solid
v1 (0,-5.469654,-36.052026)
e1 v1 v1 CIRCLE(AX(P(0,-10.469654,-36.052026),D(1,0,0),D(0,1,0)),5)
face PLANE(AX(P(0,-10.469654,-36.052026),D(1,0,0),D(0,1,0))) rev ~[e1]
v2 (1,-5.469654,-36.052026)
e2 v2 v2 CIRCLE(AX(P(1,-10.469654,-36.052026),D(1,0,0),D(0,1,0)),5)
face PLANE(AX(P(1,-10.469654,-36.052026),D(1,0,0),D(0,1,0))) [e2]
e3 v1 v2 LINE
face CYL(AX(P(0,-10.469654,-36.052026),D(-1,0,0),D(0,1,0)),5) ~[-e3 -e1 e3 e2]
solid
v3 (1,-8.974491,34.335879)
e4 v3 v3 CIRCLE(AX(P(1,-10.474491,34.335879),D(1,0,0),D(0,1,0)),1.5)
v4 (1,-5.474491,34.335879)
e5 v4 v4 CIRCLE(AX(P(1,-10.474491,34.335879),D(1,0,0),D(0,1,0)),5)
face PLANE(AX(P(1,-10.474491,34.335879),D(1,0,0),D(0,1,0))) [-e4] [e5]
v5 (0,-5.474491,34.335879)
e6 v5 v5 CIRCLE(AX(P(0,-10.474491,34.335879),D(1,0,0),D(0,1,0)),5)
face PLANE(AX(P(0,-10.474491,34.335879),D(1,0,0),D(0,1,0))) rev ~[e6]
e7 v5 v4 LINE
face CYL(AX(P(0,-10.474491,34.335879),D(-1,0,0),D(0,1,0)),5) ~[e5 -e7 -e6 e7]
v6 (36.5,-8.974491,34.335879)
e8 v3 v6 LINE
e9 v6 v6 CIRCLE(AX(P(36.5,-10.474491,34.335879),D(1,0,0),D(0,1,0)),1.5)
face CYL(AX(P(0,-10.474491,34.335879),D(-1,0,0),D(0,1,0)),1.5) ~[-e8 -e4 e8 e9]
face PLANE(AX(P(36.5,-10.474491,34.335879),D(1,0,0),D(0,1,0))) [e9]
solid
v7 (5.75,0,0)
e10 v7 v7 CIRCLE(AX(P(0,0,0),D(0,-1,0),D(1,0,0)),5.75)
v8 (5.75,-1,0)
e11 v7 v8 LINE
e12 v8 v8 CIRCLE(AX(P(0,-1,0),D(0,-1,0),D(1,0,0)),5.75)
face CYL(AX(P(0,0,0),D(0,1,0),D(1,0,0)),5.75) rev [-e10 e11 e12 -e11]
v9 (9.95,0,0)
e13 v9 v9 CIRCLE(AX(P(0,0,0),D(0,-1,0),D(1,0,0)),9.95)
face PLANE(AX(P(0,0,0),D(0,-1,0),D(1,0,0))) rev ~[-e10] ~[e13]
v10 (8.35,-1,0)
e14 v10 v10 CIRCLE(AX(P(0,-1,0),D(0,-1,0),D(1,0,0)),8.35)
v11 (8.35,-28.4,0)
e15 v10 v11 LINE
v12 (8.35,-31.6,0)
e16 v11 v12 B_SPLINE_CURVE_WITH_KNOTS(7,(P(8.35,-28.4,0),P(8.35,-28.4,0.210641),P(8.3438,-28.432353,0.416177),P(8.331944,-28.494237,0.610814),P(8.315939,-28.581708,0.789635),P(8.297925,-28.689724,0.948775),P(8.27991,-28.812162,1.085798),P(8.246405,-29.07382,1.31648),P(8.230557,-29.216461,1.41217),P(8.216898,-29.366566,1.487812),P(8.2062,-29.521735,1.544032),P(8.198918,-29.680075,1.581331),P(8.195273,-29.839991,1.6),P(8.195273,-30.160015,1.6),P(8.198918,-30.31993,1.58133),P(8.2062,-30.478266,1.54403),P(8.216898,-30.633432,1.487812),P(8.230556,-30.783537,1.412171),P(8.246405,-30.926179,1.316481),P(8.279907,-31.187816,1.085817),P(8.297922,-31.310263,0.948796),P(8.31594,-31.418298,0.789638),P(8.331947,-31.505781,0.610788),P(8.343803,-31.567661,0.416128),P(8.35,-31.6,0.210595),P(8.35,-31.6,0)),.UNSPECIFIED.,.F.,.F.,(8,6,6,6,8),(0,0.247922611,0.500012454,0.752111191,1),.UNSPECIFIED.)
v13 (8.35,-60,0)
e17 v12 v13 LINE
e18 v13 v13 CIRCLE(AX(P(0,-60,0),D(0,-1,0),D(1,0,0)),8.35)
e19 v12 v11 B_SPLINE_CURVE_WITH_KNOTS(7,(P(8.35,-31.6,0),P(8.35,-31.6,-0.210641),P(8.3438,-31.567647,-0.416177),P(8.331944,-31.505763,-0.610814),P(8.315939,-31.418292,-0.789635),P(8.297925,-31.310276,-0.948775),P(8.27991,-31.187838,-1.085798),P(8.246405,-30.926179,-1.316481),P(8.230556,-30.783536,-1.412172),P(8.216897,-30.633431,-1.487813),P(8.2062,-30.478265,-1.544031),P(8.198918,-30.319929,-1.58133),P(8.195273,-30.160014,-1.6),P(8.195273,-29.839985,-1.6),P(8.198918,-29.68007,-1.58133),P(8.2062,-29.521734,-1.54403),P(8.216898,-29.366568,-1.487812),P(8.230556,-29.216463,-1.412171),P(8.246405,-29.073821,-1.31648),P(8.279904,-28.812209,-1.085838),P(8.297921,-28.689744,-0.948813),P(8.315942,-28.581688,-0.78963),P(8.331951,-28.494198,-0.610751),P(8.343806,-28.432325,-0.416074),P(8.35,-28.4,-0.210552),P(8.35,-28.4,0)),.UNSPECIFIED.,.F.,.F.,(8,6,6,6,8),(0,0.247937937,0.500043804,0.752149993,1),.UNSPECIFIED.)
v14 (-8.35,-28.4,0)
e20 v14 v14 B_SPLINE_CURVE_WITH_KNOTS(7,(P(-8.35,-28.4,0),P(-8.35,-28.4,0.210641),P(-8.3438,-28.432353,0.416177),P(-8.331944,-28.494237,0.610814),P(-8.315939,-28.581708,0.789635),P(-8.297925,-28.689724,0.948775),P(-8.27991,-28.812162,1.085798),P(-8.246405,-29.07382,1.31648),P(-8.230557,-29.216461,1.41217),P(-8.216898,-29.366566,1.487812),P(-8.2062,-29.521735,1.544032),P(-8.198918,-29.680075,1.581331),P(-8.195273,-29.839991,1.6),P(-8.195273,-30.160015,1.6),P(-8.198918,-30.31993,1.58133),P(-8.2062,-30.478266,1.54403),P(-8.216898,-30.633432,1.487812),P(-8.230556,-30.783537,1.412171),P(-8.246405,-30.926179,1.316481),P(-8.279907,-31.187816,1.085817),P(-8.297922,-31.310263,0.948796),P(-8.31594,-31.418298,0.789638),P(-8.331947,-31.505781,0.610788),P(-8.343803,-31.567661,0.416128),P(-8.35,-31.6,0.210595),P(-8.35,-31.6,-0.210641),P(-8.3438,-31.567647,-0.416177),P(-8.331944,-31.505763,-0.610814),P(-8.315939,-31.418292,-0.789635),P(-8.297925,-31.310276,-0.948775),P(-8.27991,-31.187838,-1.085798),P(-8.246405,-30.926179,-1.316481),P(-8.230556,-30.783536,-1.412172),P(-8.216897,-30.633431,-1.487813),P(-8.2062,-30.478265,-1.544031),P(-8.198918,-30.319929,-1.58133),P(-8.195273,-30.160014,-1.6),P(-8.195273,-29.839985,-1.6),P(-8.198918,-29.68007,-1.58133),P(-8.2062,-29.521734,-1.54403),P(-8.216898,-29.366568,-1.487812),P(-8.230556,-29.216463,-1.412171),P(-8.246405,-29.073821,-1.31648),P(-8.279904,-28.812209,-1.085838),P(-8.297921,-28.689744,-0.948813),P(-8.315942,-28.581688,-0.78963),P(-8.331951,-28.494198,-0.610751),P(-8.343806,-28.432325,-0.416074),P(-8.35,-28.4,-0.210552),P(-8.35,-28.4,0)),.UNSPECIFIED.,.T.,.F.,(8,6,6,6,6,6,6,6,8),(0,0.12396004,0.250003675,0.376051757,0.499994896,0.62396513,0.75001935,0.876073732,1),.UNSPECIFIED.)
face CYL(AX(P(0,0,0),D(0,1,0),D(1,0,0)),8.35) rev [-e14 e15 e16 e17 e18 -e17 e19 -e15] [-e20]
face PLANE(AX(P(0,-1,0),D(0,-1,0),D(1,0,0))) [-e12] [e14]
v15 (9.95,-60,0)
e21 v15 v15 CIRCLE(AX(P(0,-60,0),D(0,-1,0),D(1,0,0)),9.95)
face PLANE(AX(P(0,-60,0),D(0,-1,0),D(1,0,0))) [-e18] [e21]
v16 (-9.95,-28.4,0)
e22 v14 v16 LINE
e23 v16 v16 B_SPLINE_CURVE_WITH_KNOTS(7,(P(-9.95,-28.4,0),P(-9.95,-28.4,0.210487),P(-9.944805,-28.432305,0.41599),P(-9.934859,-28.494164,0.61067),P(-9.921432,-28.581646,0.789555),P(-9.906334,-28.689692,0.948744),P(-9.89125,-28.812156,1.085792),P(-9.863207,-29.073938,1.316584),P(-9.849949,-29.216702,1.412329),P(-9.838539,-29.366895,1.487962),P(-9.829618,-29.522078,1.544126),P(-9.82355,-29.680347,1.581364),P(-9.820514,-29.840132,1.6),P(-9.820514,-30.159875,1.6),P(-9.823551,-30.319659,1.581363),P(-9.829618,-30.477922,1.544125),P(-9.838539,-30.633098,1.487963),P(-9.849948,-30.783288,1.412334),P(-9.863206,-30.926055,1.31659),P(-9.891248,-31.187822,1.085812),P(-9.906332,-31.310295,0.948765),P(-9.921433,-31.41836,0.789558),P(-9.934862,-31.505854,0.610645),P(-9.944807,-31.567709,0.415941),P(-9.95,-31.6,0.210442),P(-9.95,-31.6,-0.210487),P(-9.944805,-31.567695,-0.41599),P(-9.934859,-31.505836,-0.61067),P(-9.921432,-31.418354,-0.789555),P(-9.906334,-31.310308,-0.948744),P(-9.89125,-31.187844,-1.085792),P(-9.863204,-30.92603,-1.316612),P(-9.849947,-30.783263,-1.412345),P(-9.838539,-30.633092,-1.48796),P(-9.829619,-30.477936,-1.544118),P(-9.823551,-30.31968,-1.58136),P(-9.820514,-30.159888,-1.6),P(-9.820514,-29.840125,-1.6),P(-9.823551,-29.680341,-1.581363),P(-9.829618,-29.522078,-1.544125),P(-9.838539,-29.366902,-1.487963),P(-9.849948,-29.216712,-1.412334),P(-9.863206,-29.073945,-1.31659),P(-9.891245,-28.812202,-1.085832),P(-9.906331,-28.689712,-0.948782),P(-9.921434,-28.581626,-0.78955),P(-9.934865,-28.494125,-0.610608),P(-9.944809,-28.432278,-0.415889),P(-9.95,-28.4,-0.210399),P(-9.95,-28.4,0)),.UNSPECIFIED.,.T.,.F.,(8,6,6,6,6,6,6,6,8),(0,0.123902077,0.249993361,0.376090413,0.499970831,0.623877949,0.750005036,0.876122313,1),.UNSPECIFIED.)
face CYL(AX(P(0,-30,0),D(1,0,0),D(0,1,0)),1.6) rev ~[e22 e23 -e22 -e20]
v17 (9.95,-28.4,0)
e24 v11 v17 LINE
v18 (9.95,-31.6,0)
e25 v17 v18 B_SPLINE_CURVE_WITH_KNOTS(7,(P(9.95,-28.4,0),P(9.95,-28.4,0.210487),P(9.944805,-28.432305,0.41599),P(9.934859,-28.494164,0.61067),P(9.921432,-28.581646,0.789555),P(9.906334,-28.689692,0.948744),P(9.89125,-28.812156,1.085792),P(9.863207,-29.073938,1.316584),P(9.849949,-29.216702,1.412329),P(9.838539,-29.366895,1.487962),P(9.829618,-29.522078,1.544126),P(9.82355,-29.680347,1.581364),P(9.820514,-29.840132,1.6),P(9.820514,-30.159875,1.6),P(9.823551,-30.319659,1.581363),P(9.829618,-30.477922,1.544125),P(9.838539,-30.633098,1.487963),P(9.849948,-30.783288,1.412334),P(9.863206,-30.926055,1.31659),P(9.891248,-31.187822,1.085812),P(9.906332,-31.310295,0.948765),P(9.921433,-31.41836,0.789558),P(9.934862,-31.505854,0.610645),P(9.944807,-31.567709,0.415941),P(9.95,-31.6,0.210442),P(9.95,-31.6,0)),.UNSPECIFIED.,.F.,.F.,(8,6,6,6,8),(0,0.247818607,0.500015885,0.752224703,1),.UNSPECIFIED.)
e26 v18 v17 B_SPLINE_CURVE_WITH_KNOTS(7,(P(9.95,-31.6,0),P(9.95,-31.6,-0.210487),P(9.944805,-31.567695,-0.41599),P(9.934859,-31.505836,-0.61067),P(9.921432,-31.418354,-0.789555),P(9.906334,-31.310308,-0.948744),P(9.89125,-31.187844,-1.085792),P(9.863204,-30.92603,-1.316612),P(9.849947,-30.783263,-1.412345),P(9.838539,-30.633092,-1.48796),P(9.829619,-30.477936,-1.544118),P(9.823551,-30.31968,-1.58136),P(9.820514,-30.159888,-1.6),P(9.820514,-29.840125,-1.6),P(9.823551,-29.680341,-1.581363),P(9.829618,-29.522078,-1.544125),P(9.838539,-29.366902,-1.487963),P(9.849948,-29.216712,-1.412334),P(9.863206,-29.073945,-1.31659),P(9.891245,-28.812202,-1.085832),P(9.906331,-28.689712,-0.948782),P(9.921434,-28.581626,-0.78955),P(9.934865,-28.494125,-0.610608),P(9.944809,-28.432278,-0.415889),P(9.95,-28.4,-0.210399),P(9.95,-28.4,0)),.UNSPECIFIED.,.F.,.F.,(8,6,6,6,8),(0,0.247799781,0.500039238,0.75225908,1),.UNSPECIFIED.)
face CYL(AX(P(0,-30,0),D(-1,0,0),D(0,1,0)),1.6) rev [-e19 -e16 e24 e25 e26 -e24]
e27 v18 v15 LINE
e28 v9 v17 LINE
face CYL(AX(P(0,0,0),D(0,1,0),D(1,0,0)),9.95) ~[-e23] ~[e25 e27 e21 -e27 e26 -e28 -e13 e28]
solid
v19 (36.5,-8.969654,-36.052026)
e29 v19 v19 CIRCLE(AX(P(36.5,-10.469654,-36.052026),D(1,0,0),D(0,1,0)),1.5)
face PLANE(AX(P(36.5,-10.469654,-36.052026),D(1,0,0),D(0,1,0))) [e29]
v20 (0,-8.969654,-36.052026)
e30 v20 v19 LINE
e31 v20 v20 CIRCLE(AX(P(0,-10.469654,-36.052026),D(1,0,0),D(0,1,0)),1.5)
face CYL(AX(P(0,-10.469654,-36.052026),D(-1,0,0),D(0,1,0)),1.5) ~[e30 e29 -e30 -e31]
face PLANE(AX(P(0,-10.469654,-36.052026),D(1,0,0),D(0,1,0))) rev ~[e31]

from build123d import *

# Parameters (mm, degrees)
F0_R      = 9.95
F0_R_2    = 8.35
F1_DEPTH  = 60
F0_R_3    = 5.75
F2_DEPTH  = 1
F3_R      = 1.6
F4_DEPTH  = 9.951
F5_R      = 1.6
F6_DEPTH  = 9.951
F7_R      = 5
F7_R_2    = 1.5
F8_DEPTH  = 1
F9_DEPTH  = 36.5
F10_R     = 1.5
F11_DEPTH = 36.5
F10_R_2   = 5
F12_DEPTH = 1


with BuildPart() as f1:
    # F0 (on Front) → F1 (new body)
    with BuildSketch(Plane.XZ):
        Circle(F0_R)
        Circle(F0_R_2, mode=Mode.SUBTRACT)
    extrude(amount=F1_DEPTH)

    # F0 (on Front) → F2 (join)
    with BuildSketch(Plane.XZ):
        Circle(F0_R_2)
        Circle(F0_R_3, mode=Mode.SUBTRACT)
    extrude(amount=F2_DEPTH)

    # F3 (on Right) → F4 (cut, through all)
    with BuildSketch(Plane.YZ):
        with Locations((-30, 0)):
            Circle(F3_R)
    extrude(amount=-F4_DEPTH, mode=Mode.SUBTRACT)

    # F5 (on Right) → F6 (cut, through all)
    with BuildSketch(Plane.YZ):
        with Locations((-30, 0)):
            Circle(F5_R)
    extrude(amount=F6_DEPTH, mode=Mode.SUBTRACT)


with BuildPart() as f8:
    # F7 (on Right) → F8 (new body)
    with BuildSketch(Plane.YZ):
        with Locations((-10.469654, -36.052026)):
            Circle(F7_R)
        with Locations((-10.469654, -36.052026)):
            Circle(F7_R_2, mode=Mode.SUBTRACT)
        with Locations((-10.469654, -36.052026)):
            Circle(F7_R_2)
    extrude(amount=F8_DEPTH)


with BuildPart() as f9:
    # F7 (on Right) → F9 (new body)
    with BuildSketch(Plane.YZ):
        with Locations((-10.469654, -36.052026)):
            Circle(F7_R_2)
    extrude(amount=F9_DEPTH)


with BuildPart() as f11:
    # F10 (on Right) → F11 (new body)
    with BuildSketch(Plane.YZ):
        with Locations((-10.474491, 34.335879)):
            Circle(F10_R)
    extrude(amount=F11_DEPTH)

    # F10 (on Right) → F12 (join)
    with BuildSketch(Plane.YZ):
        with Locations((-10.474491, 34.335879)):
            Circle(F10_R_2)
        with Locations((-10.474491, 34.335879)):
            Circle(F10_R, mode=Mode.SUBTRACT)
    extrude(amount=F12_DEPTH)


solid = Compound([f1.part, f8.part, f9.part, f11.part])
